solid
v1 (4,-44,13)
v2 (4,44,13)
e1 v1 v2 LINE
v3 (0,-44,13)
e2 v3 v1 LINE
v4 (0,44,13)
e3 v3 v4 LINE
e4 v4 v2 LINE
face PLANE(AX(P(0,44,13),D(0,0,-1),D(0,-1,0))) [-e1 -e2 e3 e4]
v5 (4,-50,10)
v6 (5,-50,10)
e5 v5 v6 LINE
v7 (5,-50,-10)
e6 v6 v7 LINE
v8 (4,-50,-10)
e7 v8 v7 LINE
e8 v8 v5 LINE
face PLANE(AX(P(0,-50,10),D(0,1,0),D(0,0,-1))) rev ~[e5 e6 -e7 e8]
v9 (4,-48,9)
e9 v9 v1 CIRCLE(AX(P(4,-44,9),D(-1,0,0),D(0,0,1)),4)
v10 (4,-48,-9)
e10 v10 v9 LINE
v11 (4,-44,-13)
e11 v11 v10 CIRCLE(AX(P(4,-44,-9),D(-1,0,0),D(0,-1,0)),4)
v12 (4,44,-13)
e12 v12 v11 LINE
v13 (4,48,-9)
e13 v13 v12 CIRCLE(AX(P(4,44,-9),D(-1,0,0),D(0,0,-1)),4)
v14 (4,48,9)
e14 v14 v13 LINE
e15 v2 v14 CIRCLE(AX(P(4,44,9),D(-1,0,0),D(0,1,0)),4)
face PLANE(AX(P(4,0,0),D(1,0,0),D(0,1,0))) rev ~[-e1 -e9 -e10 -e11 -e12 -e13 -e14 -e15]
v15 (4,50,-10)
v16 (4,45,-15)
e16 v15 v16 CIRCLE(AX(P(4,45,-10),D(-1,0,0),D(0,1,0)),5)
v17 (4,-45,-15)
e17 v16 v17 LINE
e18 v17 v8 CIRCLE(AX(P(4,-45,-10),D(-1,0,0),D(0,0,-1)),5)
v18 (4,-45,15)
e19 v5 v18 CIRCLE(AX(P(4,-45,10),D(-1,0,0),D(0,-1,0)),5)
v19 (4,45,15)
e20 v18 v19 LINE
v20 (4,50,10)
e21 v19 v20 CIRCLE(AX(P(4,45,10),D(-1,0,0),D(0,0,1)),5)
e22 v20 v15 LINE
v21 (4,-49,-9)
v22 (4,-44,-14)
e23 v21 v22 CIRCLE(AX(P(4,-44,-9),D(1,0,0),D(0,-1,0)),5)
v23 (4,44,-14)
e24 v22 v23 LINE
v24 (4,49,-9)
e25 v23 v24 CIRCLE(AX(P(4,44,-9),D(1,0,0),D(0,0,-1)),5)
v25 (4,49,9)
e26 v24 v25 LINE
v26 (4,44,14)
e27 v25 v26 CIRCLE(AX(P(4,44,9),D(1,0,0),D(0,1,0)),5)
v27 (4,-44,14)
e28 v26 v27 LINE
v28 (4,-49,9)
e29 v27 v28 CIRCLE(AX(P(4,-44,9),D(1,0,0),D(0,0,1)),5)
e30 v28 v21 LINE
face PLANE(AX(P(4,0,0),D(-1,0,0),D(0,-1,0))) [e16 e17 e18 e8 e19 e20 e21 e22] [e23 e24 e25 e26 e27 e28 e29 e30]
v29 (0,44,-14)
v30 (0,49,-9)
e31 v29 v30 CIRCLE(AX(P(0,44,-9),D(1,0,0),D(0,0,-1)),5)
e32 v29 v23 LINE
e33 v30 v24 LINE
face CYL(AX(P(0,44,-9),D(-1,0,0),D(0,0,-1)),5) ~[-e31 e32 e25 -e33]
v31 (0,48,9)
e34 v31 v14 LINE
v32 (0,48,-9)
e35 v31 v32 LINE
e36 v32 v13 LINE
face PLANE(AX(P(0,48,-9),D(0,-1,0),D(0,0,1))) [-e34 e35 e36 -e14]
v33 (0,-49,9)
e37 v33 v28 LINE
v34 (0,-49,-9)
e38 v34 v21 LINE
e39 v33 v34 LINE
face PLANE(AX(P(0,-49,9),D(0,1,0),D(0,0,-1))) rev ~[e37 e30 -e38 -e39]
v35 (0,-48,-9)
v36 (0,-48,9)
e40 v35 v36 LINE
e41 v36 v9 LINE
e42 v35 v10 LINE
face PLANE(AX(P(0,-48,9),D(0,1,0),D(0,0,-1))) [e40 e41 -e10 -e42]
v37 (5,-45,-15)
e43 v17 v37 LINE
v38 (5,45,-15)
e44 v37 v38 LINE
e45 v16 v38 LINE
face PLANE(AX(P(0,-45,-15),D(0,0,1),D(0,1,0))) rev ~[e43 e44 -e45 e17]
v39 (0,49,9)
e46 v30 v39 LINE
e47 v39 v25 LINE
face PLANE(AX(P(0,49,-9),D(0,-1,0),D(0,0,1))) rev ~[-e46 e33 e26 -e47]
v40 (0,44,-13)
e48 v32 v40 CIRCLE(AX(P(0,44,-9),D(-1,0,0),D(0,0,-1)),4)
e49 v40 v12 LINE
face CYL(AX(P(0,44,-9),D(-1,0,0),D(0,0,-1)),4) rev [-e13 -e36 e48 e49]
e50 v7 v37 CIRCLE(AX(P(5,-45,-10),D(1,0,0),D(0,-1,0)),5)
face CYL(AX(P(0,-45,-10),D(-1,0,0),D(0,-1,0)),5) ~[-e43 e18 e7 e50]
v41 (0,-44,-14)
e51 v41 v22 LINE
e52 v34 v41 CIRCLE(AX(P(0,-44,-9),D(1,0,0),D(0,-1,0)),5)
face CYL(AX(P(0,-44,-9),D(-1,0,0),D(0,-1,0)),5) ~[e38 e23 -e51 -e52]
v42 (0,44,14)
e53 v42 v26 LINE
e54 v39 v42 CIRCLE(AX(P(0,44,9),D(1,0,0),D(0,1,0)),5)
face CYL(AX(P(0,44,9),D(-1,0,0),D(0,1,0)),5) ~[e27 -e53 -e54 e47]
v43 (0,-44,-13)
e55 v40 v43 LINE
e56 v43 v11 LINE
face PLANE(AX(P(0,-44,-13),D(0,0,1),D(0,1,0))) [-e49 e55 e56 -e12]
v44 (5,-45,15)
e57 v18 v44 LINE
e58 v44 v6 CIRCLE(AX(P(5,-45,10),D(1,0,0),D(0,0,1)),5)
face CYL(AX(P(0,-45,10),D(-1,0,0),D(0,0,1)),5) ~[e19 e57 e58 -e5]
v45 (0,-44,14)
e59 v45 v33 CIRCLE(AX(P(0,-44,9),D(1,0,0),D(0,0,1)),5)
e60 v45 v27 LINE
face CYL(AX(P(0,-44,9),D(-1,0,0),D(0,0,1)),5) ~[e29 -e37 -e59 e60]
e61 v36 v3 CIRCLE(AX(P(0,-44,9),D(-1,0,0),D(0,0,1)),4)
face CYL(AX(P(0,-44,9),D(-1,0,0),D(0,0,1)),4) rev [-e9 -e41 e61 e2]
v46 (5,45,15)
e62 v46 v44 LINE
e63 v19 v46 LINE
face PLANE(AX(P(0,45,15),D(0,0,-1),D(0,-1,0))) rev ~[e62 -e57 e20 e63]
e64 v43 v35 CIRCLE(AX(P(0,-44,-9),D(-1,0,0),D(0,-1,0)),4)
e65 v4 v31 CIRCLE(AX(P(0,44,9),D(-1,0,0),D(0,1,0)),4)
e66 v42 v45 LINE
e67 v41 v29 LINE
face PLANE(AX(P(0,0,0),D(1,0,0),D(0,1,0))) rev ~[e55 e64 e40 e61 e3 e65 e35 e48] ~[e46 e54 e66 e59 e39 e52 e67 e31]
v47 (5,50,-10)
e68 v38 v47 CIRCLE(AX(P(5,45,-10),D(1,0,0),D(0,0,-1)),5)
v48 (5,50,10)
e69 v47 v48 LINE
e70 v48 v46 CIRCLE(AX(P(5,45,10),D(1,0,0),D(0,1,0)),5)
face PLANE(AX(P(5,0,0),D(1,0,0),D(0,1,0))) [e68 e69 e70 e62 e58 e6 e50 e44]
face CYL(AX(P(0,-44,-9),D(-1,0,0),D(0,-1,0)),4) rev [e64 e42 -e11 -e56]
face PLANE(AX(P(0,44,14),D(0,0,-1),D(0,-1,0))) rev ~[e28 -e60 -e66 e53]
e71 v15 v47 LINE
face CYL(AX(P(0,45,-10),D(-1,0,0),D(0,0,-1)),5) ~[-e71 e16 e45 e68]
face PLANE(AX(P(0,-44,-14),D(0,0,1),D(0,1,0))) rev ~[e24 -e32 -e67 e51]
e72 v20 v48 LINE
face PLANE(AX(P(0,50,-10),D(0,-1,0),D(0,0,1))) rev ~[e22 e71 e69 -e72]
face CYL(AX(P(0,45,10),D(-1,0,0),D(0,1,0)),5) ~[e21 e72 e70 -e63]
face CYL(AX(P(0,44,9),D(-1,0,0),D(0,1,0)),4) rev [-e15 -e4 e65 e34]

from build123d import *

# Parameters (mm, degrees)
F1_DEPTH = 5
F3_DEPTH = 4
F4_T     = -1


with BuildPart() as f1:
    # F0 (on Right) → F1 (new body)
    with BuildSketch(Plane.YZ):
        with BuildLine():
            ThreePointArc((-50, -10), (-48.5355339059, -13.5355339059), (-45, -15))
            Line((-45, -15), (45, -15))
            ThreePointArc((45, -15), (48.5355339059, -13.5355339059), (50, -10))
            Line((50, -10), (50, 10))
            ThreePointArc((50, 10), (48.5355339059, 13.5355339059), (45, 15))
            Line((45, 15), (-45, 15))
            ThreePointArc((-45, 15), (-48.5355339059, 13.5355339059), (-50, 10))
            Line((-50, 10), (-50, -10))
        make_face()
    extrude(amount=F1_DEPTH)

    # F2 (on face) → F3 (cut)
    with BuildSketch(Plane(origin=(0, 0, 0), x_dir=(0, -1, 0), z_dir=(-1, 0, 0))):
        with BuildLine():
            Line((-45, -15), (45, -15))
            ThreePointArc((45, -15), (48.5355339059, -13.5355339059), (50, -10))
            Line((50, -10), (50, 10))
            ThreePointArc((50, 10), (48.5355339059, 13.5355339059), (45, 15))
            Line((45, 15), (-45, 15))
            ThreePointArc((-45, 15), (-48.5355339059, 13.5355339059), (-50, 10))
            Line((-50, 10), (-50, -10))
            ThreePointArc((-50, -10), (-48.5355339059, -13.5355339059), (-45, -15))
        make_face()
        with BuildLine():
            ThreePointArc((49, -9), (47.5355339059, -12.5355339059), (44, -14))
            Line((44, -14), (-44, -14))
            ThreePointArc((-44, -14), (-47.5355339059, -12.5355339059), (-49, -9))
            Line((-49, -9), (-49, 9))
            ThreePointArc((-49, 9), (-47.5355339059, 12.5355339059), (-44, 14))
            Line((-44, 14), (44, 14))
            ThreePointArc((44, 14), (47.5355339059, 12.5355339059), (49, 9))
            Line((49, 9), (49, -9))
        make_face(mode=Mode.SUBTRACT)
    extrude(amount=-F3_DEPTH, mode=Mode.SUBTRACT)

    # F4
    f4_openings = [f1.faces().sort_by_distance(p)[0] for p in [
        (0, 0, 0),
    ]]
    offset(amount=F4_T, openings=f4_openings, kind=Kind.INTERSECTION)


solid = f1.part
